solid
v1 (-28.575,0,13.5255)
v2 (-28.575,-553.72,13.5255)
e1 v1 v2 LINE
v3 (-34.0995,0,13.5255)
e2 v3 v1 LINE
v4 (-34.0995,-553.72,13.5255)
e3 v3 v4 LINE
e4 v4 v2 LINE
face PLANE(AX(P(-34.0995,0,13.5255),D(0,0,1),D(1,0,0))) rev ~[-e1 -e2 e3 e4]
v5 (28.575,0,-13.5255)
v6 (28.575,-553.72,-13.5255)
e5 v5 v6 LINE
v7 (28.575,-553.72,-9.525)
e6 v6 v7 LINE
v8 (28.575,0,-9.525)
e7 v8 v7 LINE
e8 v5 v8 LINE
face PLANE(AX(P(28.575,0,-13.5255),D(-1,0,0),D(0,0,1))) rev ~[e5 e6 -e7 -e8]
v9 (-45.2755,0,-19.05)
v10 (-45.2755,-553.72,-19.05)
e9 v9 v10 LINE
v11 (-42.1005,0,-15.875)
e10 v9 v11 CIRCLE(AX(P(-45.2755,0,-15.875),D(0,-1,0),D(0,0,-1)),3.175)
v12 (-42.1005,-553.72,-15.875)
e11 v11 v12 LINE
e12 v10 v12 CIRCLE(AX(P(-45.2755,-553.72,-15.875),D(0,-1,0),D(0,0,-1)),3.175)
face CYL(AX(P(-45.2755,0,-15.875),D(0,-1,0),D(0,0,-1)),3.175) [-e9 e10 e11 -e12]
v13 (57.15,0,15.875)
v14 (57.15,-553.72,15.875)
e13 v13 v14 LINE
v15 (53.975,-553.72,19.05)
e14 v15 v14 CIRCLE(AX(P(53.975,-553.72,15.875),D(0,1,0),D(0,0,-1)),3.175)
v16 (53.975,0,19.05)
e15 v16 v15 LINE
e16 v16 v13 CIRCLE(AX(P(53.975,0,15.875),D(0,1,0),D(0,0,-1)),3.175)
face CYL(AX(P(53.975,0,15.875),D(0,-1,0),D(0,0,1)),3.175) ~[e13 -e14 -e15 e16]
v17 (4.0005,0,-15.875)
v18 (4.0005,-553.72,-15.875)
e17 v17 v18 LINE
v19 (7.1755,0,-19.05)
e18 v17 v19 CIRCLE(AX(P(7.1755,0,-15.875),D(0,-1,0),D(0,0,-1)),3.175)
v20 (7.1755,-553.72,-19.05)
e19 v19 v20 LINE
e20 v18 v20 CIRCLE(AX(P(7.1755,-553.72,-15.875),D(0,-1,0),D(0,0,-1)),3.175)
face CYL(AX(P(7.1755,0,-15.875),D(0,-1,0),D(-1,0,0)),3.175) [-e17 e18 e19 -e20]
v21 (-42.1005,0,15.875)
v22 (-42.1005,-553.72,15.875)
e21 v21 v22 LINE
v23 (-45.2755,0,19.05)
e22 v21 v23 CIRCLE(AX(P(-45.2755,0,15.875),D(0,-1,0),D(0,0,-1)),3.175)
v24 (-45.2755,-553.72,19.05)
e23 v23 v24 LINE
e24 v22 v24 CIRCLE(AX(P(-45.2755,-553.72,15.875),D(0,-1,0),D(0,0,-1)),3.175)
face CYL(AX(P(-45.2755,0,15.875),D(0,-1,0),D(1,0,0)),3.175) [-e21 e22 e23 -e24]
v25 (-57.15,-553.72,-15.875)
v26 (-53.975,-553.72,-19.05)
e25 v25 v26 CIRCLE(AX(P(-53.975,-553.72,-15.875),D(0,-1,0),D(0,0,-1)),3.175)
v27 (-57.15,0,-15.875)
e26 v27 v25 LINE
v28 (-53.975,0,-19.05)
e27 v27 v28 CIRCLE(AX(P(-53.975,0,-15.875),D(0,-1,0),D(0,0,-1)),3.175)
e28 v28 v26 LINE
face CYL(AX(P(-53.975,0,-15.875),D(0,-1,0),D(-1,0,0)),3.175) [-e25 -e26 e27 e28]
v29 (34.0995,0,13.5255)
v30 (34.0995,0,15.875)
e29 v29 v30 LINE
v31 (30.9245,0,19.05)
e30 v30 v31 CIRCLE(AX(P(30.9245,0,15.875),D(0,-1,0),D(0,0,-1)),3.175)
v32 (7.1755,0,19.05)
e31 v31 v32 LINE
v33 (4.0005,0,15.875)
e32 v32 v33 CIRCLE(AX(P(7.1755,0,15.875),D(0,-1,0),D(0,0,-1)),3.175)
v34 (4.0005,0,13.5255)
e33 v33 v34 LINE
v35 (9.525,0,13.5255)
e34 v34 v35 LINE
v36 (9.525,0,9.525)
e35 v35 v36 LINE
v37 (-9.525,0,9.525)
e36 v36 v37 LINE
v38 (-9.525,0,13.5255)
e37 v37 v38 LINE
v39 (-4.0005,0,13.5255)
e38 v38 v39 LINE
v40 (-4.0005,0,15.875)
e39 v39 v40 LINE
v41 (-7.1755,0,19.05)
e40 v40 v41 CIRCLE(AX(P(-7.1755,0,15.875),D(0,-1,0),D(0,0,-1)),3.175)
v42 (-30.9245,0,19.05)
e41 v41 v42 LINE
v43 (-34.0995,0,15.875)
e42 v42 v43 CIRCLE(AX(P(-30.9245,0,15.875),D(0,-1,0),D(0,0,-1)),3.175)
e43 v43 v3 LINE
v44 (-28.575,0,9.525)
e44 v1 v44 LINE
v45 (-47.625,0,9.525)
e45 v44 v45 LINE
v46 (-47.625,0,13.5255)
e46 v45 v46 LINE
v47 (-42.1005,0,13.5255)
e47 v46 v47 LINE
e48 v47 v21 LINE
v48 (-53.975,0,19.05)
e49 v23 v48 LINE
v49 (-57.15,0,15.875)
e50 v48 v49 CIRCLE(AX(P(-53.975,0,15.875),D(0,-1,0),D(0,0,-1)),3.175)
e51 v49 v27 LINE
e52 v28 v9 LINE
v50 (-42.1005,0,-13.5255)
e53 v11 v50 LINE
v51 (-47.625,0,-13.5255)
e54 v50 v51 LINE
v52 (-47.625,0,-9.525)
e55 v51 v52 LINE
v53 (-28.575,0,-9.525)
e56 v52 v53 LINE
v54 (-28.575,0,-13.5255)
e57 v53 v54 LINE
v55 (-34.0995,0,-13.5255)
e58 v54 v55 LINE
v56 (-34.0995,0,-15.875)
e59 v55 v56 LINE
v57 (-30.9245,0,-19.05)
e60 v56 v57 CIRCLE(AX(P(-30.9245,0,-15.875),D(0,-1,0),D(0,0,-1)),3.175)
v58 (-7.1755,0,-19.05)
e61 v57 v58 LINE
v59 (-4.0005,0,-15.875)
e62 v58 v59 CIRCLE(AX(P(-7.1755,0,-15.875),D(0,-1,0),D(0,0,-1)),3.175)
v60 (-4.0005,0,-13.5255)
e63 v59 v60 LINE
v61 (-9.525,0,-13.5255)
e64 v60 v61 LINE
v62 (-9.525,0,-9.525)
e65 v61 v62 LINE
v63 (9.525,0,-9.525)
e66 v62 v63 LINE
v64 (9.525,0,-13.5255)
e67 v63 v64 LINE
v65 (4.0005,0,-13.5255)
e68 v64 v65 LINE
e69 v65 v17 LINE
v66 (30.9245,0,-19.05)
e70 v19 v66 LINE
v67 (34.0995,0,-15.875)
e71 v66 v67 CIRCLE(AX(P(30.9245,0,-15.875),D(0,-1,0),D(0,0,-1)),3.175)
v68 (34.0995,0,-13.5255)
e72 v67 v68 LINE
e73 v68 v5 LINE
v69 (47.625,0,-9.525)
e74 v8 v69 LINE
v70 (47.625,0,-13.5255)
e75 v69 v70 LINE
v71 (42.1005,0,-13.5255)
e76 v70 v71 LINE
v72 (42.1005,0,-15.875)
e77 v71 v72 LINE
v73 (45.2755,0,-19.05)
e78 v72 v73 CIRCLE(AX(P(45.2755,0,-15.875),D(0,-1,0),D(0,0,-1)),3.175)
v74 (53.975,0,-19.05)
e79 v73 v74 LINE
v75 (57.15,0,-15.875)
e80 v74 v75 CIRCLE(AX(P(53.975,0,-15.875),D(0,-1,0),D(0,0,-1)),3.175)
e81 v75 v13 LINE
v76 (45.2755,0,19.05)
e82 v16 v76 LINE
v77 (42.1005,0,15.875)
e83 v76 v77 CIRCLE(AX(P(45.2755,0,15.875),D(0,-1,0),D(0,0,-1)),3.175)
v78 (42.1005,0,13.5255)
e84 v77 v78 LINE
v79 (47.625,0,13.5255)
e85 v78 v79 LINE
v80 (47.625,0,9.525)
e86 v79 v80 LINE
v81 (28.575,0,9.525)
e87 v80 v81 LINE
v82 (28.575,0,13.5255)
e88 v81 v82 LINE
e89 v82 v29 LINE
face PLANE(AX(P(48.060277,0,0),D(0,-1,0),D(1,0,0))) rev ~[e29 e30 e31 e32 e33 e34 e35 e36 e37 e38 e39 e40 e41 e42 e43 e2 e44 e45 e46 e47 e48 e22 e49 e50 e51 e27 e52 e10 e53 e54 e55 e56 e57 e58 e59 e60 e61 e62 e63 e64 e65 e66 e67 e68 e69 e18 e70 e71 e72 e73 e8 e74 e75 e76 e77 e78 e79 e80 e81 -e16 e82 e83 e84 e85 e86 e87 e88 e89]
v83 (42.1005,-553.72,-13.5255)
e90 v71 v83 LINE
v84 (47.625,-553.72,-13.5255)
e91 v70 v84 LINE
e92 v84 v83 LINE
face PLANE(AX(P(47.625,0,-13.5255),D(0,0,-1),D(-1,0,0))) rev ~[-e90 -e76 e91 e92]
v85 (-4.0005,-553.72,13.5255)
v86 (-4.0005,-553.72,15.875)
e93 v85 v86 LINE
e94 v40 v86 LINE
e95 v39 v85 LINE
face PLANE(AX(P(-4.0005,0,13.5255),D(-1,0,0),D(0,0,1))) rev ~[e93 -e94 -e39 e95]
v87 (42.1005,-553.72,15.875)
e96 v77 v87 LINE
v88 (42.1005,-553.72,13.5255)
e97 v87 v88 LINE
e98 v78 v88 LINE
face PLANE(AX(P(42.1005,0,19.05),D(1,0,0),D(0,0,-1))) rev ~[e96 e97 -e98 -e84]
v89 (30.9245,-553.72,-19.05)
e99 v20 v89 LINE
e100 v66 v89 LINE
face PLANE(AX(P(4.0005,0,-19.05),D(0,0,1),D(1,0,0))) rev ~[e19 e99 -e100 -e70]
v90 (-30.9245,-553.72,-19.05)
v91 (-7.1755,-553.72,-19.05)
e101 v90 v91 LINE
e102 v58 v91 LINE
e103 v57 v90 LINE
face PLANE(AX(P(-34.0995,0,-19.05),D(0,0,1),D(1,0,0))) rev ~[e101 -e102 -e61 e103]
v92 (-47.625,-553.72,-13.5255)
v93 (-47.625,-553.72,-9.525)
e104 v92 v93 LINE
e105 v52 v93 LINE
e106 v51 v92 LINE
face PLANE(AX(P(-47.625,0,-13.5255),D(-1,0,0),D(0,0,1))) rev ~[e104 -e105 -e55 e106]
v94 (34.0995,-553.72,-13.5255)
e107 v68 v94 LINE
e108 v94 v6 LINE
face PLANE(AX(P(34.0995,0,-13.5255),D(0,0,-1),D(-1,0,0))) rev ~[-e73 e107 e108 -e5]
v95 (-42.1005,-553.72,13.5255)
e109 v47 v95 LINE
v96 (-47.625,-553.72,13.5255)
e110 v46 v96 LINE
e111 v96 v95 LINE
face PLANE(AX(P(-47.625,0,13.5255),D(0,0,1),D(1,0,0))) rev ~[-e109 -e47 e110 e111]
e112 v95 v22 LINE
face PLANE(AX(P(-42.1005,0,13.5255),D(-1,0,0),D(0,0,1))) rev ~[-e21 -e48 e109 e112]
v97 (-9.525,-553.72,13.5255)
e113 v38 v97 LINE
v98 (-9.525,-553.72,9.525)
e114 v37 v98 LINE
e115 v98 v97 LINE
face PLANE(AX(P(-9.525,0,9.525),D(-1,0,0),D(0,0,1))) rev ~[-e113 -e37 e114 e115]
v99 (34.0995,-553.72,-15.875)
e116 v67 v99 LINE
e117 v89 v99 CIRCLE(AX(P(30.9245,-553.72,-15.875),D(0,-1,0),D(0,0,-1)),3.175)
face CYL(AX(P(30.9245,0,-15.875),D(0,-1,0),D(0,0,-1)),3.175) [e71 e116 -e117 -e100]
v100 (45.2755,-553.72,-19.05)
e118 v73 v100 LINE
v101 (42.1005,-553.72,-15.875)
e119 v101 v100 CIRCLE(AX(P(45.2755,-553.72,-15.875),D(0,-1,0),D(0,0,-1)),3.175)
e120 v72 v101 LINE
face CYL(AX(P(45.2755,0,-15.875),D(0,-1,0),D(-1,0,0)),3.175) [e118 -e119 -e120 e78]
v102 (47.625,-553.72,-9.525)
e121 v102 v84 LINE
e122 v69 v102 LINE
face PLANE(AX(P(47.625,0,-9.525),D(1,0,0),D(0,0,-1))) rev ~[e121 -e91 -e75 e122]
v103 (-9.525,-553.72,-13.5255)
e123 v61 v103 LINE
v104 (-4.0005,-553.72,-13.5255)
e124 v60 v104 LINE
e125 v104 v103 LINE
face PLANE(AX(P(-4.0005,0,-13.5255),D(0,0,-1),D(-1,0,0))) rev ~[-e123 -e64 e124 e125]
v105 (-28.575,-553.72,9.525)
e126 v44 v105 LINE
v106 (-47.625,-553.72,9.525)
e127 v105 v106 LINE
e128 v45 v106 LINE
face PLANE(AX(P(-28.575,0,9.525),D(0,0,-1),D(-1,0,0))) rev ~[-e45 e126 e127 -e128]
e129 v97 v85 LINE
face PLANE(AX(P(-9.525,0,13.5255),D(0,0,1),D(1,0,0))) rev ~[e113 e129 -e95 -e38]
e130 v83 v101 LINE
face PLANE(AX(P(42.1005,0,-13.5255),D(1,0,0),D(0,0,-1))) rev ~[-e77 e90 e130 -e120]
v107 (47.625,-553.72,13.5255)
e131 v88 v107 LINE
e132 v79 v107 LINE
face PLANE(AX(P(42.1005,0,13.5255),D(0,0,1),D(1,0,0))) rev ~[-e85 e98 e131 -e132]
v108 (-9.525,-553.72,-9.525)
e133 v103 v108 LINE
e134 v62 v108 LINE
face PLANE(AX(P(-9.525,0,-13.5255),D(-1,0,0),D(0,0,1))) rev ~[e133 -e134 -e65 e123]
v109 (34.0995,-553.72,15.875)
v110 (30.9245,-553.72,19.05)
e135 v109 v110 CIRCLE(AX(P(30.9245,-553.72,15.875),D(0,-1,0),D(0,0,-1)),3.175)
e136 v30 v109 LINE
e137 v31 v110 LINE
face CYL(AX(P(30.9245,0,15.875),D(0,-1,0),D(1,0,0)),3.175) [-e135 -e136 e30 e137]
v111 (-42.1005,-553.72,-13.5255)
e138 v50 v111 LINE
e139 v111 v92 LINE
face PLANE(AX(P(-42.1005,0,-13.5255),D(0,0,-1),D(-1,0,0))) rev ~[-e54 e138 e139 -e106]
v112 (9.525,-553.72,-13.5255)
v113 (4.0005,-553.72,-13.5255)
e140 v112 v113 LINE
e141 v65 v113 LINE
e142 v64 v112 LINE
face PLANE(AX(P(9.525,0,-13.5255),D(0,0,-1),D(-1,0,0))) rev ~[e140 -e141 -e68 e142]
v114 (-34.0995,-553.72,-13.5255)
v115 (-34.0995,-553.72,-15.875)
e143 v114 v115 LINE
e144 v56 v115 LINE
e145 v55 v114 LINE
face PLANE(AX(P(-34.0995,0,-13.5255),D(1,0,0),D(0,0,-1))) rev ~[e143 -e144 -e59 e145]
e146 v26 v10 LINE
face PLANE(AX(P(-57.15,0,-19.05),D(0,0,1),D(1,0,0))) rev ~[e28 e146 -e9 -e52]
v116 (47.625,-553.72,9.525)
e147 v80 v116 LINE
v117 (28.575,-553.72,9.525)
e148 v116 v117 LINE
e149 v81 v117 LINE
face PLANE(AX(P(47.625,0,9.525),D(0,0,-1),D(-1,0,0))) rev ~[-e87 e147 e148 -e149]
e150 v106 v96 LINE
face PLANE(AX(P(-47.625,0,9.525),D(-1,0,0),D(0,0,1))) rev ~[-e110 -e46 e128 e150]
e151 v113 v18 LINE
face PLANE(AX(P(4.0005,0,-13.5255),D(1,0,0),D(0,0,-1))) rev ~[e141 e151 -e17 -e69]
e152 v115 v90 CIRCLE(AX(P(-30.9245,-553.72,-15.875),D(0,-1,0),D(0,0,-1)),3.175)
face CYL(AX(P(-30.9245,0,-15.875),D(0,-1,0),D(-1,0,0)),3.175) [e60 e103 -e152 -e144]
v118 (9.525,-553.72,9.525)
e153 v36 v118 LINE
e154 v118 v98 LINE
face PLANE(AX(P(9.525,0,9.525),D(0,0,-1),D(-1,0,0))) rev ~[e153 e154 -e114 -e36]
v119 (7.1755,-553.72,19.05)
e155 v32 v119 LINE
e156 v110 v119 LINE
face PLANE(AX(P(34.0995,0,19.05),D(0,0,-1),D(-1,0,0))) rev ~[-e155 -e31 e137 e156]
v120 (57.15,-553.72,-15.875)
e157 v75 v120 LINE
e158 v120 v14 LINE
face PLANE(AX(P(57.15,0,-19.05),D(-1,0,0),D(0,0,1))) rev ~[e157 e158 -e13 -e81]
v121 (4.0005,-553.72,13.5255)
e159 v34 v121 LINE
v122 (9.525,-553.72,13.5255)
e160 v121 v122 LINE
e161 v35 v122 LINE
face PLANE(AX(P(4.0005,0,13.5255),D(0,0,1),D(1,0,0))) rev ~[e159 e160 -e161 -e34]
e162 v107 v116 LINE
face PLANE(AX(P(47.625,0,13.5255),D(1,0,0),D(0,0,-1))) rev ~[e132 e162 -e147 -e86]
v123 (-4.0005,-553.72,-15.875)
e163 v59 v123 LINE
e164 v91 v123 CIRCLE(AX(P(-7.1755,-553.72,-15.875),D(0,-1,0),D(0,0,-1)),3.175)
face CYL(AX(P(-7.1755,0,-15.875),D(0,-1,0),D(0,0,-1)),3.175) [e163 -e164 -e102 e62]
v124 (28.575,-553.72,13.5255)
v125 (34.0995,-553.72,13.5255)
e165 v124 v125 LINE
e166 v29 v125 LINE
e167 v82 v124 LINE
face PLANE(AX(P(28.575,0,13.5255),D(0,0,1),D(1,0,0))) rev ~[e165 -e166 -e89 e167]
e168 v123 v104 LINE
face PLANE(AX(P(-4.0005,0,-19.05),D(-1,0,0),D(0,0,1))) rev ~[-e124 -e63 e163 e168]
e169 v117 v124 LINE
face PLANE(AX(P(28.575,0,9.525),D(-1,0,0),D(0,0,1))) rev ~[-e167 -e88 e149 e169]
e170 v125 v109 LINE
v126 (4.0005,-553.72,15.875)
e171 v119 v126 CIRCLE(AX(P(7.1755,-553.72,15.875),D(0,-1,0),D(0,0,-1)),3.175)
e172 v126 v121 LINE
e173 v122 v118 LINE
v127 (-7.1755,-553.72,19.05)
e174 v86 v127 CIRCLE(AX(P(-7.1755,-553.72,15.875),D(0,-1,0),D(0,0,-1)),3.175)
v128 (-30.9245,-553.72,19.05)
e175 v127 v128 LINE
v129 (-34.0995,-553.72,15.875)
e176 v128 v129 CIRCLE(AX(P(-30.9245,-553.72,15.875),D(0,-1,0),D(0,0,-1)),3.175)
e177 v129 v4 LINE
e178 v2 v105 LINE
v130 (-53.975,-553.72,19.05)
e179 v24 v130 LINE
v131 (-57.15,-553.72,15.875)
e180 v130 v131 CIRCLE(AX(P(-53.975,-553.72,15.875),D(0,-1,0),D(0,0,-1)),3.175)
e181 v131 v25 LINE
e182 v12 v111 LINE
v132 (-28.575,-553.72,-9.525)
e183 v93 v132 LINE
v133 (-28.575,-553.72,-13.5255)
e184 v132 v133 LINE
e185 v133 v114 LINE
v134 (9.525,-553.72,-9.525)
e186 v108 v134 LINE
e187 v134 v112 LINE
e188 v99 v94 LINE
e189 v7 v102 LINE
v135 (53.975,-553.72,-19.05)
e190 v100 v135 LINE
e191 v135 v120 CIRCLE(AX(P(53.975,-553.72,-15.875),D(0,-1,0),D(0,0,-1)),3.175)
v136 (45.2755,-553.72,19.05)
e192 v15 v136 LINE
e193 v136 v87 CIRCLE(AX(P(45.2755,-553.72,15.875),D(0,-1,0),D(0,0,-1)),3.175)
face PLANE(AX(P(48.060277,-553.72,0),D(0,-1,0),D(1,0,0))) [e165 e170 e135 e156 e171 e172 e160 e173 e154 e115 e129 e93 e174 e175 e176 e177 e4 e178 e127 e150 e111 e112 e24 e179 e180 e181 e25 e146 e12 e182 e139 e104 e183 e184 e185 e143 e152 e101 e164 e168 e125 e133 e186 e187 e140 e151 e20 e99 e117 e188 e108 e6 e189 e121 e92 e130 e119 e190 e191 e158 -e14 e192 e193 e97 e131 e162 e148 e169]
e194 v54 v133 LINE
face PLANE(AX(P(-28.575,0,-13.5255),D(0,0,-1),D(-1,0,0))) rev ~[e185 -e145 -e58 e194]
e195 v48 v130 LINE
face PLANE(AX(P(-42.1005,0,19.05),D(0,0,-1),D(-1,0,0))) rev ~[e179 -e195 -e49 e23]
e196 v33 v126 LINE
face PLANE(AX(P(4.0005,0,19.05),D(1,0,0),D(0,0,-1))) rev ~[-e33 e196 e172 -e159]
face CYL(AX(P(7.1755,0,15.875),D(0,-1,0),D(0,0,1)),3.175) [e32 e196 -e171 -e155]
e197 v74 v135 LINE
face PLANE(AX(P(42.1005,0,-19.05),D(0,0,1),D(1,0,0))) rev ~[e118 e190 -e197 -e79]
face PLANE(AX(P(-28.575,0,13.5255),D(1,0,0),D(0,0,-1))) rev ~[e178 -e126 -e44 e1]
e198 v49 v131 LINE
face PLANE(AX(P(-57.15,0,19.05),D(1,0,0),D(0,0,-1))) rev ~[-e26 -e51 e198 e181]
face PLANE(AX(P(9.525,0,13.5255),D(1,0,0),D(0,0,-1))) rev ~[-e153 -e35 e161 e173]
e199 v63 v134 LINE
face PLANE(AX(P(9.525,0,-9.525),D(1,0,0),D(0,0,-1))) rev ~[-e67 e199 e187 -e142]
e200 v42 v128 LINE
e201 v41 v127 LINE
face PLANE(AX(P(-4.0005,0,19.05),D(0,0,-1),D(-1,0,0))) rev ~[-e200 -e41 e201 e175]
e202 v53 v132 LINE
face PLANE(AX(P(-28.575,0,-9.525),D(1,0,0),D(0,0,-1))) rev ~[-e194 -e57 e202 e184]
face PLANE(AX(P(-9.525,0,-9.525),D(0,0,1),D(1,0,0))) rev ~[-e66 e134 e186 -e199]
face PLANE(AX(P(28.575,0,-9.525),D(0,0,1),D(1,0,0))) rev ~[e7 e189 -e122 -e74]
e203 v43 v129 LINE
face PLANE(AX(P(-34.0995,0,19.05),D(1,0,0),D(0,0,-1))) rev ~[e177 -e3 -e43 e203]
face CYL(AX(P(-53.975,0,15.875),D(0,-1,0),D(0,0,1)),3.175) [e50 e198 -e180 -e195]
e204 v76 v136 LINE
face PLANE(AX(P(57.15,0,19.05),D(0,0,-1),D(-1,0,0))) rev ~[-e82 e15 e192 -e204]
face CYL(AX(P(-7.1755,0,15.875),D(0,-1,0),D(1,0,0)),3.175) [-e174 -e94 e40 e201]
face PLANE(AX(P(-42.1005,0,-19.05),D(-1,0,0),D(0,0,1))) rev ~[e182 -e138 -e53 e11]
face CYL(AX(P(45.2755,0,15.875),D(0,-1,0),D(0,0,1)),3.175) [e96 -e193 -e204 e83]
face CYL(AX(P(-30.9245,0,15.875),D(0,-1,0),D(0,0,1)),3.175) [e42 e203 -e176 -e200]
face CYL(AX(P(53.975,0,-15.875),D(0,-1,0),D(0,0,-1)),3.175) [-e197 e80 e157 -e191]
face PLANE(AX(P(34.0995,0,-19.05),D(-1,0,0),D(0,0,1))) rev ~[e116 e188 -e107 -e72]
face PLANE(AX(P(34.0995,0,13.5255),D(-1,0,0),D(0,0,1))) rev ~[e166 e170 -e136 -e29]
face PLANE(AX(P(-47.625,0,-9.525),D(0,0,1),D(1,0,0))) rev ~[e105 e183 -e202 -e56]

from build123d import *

# Parameters (mm, degrees)
F1_DEPTH = 553.72
F2_R     = 3.175


with BuildPart() as f1:
    # F0 (on Front) → F1 (new body)
    with BuildSketch(Plane.XZ):
        Polygon((57.15, 19.05), (42.1005, 19.05), (42.1005, 13.5255), (47.625, 13.5255), (47.625, 9.525), (42.1005, 9.525), (38.1, 9.525), (38.1, -9.525), (42.1005, -9.525), (47.625, -9.525), (47.625, -13.5255), (42.1005, -13.5255), (42.1005, -19.05), (57.15, -19.05), align=None)
        Polygon((-42.1005, 13.5255), (-42.1005, 19.05), (-57.15, 19.05), (-57.15, -19.05), (-42.1005, -19.05), (-42.1005, -13.5255), (-47.625, -13.5255), (-47.625, -9.525), (-42.1005, -9.525), (-38.1, -9.525), (-38.1, 9.525), (-42.1005, 9.525), (-47.625, 9.525), (-47.625, 13.5255), align=None)
        Polygon((-17.881323, 19.05), (-19.05, 19.05), (-34.0995, 19.05), (-34.0995, 13.5255), (-28.575, 13.5255), (-28.575, 9.525), (-34.0995, 9.525), (-38.1, 9.525), (-38.1, -9.525), (-34.0995, -9.525), (-28.575, -9.525), (-28.575, -13.5255), (-34.0995, -13.5255), (-34.0995, -19.05), (-19.05, -19.05), (-4.0005, -19.05), (-4.0005, -13.5255), (-9.525, -13.5255), (-9.525, -9.525), (-4.0005, -9.525), (0, -9.525), (0, 9.525), (-4.0005, 9.525), (-9.525, 9.525), (-9.525, 13.5255), (-4.0005, 13.5255), (-4.0005, 19.05), align=None)
        Polygon((19.05, 19.05), (4.0005, 19.05), (4.0005, 13.5255), (9.525, 13.5255), (9.525, 9.525), (4.0005, 9.525), (0, 9.525), (0, -9.525), (4.0005, -9.525), (9.525, -9.525), (9.525, -13.5255), (4.0005, -13.5255), (4.0005, -19.05), (19.05, -19.05), (34.0995, -19.05), (34.0995, -13.5255), (28.575, -13.5255), (28.575, -9.525), (34.0995, -9.525), (38.1, -9.525), (38.1, 9.525), (34.0995, 9.525), (28.575, 9.525), (28.575, 13.5255), (34.0995, 13.5255), (34.0995, 19.05), align=None)
    extrude(amount=F1_DEPTH)

    # F2
    f2_edges = [f1.edges().sort_by_distance(p)[0] for p in [
        (4.0005, -276.86, -19.05),
        (34.0995, -276.86, -19.05),
        (42.1005, -276.86, -19.05),
        (57.15, -276.86, -19.05),
        (-4.0005, -276.86, -19.05),
        (-34.0995, -276.86, -19.05),
        (-42.1005, -276.86, -19.05),
        (-57.15, -276.86, -19.05),
        (-57.15, -276.86, 19.05),
        (-42.1005, -276.86, 19.05),
        (-34.0995, -276.86, 19.05),
        (-4.0005, -276.86, 19.05),
        (4.0005, -276.86, 19.05),
        (34.0995, -276.86, 19.05),
        (42.1005, -276.86, 19.05),
        (57.15, -276.86, 19.05),
    ]]
    fillet(f2_edges, radius=F2_R)


solid = f1.part
